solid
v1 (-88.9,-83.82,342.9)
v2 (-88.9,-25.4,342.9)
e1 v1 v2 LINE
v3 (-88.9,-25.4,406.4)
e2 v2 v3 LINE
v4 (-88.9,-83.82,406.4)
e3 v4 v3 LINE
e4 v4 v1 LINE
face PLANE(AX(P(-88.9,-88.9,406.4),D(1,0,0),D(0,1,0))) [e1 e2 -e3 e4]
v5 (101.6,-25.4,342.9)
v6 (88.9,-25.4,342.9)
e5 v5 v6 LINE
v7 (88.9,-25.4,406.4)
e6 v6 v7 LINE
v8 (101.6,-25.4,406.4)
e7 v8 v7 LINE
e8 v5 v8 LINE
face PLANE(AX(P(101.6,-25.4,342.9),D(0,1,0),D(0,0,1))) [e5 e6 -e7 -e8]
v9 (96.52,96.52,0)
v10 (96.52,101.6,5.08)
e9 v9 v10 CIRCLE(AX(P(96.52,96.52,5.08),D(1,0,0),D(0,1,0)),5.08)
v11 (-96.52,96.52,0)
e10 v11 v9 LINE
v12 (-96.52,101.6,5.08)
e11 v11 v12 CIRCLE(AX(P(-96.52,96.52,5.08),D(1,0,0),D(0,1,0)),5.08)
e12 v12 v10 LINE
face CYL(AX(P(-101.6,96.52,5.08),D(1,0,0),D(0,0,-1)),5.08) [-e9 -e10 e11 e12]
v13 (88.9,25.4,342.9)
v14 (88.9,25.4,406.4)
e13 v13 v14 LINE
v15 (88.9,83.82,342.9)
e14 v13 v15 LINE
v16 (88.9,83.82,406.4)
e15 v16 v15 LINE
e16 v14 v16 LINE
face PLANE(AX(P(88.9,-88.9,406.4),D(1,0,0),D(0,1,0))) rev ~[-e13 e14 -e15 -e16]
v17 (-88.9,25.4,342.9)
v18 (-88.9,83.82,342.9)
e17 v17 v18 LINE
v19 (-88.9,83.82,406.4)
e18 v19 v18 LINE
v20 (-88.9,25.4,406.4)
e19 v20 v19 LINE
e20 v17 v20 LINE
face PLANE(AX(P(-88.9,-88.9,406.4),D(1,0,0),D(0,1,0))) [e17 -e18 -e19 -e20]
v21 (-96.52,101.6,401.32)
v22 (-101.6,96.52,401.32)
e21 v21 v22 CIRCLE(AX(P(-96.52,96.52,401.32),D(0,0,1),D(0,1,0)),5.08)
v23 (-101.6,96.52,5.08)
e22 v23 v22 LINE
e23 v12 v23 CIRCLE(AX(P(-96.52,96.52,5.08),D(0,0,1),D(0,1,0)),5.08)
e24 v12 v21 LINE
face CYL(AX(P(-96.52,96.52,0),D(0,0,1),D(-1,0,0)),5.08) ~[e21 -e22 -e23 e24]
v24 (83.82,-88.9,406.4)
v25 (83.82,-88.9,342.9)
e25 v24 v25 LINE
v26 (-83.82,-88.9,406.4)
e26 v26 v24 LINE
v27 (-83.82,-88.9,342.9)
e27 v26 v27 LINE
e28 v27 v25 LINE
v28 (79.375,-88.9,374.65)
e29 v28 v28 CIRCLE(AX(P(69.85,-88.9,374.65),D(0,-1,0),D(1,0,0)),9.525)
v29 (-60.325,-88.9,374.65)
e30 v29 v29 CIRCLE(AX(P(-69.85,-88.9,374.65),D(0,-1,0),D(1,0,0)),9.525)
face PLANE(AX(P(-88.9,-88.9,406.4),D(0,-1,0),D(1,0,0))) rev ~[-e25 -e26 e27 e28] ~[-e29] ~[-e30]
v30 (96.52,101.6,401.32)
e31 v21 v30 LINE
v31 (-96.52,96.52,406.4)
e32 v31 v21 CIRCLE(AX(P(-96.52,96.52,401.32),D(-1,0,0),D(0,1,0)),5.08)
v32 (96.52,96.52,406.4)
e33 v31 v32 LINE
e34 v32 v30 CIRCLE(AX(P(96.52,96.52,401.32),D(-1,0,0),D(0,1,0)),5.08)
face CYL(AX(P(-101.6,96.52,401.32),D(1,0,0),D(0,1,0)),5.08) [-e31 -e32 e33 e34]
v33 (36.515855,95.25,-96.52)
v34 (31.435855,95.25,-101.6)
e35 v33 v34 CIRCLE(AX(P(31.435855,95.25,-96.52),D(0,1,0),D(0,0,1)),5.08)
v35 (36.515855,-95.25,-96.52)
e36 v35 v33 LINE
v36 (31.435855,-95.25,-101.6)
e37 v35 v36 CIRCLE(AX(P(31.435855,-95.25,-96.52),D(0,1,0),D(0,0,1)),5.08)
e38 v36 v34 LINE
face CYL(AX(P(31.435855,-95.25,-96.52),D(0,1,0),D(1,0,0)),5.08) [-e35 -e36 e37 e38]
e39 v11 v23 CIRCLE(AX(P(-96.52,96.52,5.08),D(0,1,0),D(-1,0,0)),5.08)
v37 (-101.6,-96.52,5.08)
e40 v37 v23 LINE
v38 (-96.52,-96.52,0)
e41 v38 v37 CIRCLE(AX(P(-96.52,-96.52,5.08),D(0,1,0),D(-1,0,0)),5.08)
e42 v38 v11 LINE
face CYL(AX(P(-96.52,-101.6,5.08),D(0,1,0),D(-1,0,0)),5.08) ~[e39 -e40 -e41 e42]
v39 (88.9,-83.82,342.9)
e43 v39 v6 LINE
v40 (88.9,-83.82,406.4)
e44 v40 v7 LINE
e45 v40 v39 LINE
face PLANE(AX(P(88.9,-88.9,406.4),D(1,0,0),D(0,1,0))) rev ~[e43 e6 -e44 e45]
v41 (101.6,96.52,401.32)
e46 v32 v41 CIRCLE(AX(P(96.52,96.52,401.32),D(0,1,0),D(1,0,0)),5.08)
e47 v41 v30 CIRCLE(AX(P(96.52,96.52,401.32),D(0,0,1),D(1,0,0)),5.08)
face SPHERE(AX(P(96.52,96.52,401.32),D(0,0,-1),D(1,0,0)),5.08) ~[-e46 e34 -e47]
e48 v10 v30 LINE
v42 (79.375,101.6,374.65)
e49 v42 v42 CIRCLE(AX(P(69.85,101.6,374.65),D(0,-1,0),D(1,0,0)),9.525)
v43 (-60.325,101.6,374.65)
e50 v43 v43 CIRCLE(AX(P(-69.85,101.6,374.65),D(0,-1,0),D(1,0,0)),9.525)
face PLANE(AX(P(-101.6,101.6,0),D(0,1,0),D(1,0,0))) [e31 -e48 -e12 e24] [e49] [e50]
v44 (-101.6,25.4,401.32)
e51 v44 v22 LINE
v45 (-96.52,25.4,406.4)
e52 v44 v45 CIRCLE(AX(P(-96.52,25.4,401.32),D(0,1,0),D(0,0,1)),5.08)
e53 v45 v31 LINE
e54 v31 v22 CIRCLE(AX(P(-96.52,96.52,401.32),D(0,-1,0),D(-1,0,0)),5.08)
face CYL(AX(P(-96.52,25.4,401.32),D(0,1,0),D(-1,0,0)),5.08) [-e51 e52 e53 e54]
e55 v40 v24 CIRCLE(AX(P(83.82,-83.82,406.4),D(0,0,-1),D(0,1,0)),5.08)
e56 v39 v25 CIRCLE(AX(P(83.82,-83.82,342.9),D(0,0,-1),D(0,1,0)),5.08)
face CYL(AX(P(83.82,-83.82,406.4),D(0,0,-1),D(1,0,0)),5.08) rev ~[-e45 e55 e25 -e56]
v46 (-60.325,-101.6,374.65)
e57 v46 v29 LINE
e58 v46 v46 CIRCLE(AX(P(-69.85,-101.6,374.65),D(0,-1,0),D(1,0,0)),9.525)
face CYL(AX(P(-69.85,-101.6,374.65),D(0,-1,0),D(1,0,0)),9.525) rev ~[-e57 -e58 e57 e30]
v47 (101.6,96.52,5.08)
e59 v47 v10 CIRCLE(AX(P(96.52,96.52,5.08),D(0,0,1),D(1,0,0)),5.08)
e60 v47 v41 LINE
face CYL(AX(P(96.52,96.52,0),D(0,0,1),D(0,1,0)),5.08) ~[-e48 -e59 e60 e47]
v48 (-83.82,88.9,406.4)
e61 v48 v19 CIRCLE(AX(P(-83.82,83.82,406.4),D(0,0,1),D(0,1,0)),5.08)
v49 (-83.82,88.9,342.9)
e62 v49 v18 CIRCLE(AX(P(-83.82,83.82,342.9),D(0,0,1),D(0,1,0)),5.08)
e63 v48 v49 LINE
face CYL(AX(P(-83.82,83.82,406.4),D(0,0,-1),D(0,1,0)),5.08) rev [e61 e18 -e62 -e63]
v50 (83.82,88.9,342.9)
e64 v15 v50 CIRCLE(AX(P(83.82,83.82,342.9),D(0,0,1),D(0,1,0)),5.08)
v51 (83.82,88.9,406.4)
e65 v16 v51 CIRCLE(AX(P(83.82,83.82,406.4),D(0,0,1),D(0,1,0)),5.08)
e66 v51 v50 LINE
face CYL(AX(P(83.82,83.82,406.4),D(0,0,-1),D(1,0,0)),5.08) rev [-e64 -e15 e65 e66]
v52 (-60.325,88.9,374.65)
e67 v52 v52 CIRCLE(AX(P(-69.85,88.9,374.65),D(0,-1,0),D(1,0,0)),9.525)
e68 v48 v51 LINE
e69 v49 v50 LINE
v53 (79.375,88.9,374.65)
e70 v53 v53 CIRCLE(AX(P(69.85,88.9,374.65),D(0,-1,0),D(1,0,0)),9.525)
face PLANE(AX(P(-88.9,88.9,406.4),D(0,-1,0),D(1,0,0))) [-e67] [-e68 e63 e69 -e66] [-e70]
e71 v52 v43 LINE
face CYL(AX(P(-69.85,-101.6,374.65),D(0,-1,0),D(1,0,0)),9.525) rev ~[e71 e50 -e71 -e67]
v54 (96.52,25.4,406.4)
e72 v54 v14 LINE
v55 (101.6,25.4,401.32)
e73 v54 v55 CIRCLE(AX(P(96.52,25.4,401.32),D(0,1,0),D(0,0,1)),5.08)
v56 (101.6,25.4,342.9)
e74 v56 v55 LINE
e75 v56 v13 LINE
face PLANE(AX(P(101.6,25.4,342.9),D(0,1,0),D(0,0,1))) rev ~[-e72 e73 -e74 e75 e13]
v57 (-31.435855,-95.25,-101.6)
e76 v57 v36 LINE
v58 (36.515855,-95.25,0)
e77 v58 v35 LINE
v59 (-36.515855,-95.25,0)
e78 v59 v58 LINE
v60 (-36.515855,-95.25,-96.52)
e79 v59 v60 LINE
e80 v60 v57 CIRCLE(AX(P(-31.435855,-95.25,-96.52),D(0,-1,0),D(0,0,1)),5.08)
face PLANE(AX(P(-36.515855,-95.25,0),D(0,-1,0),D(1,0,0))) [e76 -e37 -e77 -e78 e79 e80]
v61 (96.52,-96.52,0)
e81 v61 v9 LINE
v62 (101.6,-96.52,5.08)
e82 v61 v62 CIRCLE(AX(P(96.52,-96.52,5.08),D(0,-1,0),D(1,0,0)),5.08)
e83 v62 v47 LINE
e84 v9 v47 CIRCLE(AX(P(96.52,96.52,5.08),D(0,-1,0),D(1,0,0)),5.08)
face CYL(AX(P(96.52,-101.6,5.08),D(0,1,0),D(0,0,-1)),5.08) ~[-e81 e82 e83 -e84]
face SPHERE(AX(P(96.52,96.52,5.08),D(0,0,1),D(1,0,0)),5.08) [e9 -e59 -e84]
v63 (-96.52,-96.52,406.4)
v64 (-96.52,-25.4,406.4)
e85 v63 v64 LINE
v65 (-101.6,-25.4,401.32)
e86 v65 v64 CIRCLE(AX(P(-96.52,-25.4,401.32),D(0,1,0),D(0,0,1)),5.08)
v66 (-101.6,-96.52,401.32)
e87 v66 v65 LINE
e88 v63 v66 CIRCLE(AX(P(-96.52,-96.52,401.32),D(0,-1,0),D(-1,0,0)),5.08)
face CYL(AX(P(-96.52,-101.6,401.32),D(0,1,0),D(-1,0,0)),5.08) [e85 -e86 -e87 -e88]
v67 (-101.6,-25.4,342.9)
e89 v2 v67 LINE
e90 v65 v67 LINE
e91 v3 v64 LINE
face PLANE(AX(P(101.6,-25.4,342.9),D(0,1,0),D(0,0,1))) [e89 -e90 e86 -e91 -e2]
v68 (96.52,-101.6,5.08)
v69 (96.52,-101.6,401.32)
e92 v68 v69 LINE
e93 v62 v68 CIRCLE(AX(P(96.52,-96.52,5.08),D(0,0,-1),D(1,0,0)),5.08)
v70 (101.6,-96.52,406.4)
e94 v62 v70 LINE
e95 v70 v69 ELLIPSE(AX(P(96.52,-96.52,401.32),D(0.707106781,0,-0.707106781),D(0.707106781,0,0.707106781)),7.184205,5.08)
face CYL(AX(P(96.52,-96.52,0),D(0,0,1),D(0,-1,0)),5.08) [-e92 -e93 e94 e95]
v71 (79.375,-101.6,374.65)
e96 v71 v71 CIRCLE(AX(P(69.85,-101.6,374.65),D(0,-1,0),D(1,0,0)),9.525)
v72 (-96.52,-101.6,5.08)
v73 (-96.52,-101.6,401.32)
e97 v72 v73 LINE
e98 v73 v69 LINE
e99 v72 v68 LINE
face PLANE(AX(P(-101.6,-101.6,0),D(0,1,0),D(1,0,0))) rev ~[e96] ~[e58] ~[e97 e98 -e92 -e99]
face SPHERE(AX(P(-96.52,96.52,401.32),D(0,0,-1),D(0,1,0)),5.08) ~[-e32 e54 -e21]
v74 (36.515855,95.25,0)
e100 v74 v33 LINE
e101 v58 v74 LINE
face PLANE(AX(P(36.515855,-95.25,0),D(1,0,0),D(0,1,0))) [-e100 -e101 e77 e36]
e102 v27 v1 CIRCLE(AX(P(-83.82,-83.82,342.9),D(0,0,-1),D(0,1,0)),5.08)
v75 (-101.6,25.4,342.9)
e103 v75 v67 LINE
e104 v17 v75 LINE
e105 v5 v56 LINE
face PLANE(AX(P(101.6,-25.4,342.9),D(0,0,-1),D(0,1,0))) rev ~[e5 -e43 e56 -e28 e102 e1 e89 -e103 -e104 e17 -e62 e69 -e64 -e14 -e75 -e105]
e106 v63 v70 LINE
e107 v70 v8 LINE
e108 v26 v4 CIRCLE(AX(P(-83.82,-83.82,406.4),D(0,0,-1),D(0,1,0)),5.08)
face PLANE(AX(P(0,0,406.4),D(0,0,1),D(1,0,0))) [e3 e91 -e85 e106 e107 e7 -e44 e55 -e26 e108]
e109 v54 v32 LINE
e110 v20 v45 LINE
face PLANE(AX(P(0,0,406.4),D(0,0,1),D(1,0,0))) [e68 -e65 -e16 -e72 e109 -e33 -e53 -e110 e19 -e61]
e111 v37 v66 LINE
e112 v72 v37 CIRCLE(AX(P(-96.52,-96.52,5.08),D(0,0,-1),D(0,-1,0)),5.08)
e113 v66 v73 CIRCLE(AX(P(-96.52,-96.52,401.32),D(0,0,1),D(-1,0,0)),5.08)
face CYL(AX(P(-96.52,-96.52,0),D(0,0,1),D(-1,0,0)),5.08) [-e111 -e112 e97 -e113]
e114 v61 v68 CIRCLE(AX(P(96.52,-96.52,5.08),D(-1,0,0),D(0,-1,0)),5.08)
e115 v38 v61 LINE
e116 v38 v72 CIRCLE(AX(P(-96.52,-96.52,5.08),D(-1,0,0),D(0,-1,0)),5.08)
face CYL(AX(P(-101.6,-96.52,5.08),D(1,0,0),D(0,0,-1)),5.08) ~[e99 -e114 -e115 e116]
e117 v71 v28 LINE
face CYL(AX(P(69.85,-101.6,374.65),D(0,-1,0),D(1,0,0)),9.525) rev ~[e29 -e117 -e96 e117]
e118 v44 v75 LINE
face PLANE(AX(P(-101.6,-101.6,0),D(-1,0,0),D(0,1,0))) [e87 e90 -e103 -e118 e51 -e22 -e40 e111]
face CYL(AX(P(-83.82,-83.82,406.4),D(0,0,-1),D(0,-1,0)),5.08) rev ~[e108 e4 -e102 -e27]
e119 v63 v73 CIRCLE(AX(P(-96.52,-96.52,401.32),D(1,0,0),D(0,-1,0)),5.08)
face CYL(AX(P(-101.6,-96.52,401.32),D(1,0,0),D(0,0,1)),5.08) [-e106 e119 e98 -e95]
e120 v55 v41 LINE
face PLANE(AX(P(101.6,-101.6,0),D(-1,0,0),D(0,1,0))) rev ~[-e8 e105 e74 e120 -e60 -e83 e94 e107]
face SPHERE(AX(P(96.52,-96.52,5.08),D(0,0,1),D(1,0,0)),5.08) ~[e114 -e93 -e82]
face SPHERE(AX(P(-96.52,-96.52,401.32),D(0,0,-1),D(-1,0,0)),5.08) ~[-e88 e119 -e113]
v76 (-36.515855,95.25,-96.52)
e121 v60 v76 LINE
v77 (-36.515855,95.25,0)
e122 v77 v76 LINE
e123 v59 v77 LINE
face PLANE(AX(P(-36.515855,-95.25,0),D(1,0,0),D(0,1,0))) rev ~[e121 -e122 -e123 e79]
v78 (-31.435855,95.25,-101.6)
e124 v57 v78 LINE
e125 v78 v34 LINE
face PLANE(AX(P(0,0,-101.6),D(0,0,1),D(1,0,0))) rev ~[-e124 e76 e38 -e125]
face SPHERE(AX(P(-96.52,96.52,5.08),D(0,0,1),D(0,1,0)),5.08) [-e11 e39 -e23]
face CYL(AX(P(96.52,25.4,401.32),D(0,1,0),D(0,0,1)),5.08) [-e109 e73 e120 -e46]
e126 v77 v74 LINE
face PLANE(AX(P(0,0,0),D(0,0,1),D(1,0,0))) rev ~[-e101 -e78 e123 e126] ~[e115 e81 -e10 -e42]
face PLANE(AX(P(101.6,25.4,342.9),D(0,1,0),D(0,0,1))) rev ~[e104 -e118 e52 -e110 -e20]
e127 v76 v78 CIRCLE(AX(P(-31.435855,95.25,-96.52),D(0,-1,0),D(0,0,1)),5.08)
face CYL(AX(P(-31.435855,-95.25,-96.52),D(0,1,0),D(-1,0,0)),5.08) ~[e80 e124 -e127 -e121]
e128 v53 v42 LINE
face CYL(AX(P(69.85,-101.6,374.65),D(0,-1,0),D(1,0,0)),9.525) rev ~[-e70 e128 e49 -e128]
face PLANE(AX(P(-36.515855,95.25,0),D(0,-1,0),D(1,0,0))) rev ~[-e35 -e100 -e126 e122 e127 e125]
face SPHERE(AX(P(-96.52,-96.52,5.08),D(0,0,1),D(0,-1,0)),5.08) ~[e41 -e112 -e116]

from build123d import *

# Parameters (mm, degrees)
F0_W     = 203.2
F0_H     = 203.2
F1_DEPTH = 406.4
F2_W     = 177.8
F2_H     = 177.8
F3_DEPTH = 63.5
F4_R     = 9.525
F5_DEPTH = 205.74
F6_W     = 50.8
F6_H     = 63.5
F7_DEPTH = 228.6
F8_W     = 73.0317101263
F8_H     = 190.5
F9_DEPTH = 101.6
F10_R    = 5.08


with BuildPart() as f1:
    # F0 (on Top) → F1 (new body)
    with BuildSketch(Plane.XY):
        Rectangle(F0_W, F0_H)
    extrude(amount=F1_DEPTH)

    # F2 (on face) → F3 (cut)
    with BuildSketch(Plane.XY.offset(406.4)):
        Rectangle(F2_W, F2_H)
    extrude(amount=-F3_DEPTH, mode=Mode.SUBTRACT)

    # F4 (on face) → F5 (cut)
    with BuildSketch(Plane.XZ.offset(101.6)):
        with Locations((-69.85, 374.65)):
            Circle(F4_R)
        with Locations((69.85, 374.65)):
            Circle(F4_R)
    extrude(amount=-F5_DEPTH, mode=Mode.SUBTRACT)

    # F6 (on face) → F7 (cut)
    with BuildSketch(Plane.YZ.offset(101.6)):
        with Locations((0, 374.65)):
            Rectangle(F6_W, F6_H)
    extrude(amount=-F7_DEPTH, mode=Mode.SUBTRACT)

    # F8 (on face) → F9 (join)
    with BuildSketch(Plane.XY):
        Rectangle(F8_W, F8_H)
    extrude(amount=-F9_DEPTH)

    # F10
    f10_edges = [f1.edges().sort_by_distance(p)[0] for p in [
        (-101.6, 101.6, 203.2),
        (-101.6, -101.6, 203.2),
        (101.6, 101.6, 203.2),
        (101.6, 63.5, 406.4),
        (0, 101.6, 406.4),
        (-101.6, 63.5, 406.4),
        (-101.6, -63.5, 406.4),
        (0, -101.6, 406.4),
        (101.6, -101.6, 203.2),
        (101.6, 0, 0),
        (0, -101.6, 0),
        (0, 101.6, 0),
        (-101.6, 0, 0),
        (-88.9, -88.9, 374.65),
        (-88.9, 88.9, 374.65),
        (88.9, -88.9, 374.65),
        (88.9, 88.9, 374.65),
        (36.515855, 0, -101.6),
        (-36.515855, 0, -101.6),
    ]]
    fillet(f10_edges, radius=F10_R)


solid = f1.part
